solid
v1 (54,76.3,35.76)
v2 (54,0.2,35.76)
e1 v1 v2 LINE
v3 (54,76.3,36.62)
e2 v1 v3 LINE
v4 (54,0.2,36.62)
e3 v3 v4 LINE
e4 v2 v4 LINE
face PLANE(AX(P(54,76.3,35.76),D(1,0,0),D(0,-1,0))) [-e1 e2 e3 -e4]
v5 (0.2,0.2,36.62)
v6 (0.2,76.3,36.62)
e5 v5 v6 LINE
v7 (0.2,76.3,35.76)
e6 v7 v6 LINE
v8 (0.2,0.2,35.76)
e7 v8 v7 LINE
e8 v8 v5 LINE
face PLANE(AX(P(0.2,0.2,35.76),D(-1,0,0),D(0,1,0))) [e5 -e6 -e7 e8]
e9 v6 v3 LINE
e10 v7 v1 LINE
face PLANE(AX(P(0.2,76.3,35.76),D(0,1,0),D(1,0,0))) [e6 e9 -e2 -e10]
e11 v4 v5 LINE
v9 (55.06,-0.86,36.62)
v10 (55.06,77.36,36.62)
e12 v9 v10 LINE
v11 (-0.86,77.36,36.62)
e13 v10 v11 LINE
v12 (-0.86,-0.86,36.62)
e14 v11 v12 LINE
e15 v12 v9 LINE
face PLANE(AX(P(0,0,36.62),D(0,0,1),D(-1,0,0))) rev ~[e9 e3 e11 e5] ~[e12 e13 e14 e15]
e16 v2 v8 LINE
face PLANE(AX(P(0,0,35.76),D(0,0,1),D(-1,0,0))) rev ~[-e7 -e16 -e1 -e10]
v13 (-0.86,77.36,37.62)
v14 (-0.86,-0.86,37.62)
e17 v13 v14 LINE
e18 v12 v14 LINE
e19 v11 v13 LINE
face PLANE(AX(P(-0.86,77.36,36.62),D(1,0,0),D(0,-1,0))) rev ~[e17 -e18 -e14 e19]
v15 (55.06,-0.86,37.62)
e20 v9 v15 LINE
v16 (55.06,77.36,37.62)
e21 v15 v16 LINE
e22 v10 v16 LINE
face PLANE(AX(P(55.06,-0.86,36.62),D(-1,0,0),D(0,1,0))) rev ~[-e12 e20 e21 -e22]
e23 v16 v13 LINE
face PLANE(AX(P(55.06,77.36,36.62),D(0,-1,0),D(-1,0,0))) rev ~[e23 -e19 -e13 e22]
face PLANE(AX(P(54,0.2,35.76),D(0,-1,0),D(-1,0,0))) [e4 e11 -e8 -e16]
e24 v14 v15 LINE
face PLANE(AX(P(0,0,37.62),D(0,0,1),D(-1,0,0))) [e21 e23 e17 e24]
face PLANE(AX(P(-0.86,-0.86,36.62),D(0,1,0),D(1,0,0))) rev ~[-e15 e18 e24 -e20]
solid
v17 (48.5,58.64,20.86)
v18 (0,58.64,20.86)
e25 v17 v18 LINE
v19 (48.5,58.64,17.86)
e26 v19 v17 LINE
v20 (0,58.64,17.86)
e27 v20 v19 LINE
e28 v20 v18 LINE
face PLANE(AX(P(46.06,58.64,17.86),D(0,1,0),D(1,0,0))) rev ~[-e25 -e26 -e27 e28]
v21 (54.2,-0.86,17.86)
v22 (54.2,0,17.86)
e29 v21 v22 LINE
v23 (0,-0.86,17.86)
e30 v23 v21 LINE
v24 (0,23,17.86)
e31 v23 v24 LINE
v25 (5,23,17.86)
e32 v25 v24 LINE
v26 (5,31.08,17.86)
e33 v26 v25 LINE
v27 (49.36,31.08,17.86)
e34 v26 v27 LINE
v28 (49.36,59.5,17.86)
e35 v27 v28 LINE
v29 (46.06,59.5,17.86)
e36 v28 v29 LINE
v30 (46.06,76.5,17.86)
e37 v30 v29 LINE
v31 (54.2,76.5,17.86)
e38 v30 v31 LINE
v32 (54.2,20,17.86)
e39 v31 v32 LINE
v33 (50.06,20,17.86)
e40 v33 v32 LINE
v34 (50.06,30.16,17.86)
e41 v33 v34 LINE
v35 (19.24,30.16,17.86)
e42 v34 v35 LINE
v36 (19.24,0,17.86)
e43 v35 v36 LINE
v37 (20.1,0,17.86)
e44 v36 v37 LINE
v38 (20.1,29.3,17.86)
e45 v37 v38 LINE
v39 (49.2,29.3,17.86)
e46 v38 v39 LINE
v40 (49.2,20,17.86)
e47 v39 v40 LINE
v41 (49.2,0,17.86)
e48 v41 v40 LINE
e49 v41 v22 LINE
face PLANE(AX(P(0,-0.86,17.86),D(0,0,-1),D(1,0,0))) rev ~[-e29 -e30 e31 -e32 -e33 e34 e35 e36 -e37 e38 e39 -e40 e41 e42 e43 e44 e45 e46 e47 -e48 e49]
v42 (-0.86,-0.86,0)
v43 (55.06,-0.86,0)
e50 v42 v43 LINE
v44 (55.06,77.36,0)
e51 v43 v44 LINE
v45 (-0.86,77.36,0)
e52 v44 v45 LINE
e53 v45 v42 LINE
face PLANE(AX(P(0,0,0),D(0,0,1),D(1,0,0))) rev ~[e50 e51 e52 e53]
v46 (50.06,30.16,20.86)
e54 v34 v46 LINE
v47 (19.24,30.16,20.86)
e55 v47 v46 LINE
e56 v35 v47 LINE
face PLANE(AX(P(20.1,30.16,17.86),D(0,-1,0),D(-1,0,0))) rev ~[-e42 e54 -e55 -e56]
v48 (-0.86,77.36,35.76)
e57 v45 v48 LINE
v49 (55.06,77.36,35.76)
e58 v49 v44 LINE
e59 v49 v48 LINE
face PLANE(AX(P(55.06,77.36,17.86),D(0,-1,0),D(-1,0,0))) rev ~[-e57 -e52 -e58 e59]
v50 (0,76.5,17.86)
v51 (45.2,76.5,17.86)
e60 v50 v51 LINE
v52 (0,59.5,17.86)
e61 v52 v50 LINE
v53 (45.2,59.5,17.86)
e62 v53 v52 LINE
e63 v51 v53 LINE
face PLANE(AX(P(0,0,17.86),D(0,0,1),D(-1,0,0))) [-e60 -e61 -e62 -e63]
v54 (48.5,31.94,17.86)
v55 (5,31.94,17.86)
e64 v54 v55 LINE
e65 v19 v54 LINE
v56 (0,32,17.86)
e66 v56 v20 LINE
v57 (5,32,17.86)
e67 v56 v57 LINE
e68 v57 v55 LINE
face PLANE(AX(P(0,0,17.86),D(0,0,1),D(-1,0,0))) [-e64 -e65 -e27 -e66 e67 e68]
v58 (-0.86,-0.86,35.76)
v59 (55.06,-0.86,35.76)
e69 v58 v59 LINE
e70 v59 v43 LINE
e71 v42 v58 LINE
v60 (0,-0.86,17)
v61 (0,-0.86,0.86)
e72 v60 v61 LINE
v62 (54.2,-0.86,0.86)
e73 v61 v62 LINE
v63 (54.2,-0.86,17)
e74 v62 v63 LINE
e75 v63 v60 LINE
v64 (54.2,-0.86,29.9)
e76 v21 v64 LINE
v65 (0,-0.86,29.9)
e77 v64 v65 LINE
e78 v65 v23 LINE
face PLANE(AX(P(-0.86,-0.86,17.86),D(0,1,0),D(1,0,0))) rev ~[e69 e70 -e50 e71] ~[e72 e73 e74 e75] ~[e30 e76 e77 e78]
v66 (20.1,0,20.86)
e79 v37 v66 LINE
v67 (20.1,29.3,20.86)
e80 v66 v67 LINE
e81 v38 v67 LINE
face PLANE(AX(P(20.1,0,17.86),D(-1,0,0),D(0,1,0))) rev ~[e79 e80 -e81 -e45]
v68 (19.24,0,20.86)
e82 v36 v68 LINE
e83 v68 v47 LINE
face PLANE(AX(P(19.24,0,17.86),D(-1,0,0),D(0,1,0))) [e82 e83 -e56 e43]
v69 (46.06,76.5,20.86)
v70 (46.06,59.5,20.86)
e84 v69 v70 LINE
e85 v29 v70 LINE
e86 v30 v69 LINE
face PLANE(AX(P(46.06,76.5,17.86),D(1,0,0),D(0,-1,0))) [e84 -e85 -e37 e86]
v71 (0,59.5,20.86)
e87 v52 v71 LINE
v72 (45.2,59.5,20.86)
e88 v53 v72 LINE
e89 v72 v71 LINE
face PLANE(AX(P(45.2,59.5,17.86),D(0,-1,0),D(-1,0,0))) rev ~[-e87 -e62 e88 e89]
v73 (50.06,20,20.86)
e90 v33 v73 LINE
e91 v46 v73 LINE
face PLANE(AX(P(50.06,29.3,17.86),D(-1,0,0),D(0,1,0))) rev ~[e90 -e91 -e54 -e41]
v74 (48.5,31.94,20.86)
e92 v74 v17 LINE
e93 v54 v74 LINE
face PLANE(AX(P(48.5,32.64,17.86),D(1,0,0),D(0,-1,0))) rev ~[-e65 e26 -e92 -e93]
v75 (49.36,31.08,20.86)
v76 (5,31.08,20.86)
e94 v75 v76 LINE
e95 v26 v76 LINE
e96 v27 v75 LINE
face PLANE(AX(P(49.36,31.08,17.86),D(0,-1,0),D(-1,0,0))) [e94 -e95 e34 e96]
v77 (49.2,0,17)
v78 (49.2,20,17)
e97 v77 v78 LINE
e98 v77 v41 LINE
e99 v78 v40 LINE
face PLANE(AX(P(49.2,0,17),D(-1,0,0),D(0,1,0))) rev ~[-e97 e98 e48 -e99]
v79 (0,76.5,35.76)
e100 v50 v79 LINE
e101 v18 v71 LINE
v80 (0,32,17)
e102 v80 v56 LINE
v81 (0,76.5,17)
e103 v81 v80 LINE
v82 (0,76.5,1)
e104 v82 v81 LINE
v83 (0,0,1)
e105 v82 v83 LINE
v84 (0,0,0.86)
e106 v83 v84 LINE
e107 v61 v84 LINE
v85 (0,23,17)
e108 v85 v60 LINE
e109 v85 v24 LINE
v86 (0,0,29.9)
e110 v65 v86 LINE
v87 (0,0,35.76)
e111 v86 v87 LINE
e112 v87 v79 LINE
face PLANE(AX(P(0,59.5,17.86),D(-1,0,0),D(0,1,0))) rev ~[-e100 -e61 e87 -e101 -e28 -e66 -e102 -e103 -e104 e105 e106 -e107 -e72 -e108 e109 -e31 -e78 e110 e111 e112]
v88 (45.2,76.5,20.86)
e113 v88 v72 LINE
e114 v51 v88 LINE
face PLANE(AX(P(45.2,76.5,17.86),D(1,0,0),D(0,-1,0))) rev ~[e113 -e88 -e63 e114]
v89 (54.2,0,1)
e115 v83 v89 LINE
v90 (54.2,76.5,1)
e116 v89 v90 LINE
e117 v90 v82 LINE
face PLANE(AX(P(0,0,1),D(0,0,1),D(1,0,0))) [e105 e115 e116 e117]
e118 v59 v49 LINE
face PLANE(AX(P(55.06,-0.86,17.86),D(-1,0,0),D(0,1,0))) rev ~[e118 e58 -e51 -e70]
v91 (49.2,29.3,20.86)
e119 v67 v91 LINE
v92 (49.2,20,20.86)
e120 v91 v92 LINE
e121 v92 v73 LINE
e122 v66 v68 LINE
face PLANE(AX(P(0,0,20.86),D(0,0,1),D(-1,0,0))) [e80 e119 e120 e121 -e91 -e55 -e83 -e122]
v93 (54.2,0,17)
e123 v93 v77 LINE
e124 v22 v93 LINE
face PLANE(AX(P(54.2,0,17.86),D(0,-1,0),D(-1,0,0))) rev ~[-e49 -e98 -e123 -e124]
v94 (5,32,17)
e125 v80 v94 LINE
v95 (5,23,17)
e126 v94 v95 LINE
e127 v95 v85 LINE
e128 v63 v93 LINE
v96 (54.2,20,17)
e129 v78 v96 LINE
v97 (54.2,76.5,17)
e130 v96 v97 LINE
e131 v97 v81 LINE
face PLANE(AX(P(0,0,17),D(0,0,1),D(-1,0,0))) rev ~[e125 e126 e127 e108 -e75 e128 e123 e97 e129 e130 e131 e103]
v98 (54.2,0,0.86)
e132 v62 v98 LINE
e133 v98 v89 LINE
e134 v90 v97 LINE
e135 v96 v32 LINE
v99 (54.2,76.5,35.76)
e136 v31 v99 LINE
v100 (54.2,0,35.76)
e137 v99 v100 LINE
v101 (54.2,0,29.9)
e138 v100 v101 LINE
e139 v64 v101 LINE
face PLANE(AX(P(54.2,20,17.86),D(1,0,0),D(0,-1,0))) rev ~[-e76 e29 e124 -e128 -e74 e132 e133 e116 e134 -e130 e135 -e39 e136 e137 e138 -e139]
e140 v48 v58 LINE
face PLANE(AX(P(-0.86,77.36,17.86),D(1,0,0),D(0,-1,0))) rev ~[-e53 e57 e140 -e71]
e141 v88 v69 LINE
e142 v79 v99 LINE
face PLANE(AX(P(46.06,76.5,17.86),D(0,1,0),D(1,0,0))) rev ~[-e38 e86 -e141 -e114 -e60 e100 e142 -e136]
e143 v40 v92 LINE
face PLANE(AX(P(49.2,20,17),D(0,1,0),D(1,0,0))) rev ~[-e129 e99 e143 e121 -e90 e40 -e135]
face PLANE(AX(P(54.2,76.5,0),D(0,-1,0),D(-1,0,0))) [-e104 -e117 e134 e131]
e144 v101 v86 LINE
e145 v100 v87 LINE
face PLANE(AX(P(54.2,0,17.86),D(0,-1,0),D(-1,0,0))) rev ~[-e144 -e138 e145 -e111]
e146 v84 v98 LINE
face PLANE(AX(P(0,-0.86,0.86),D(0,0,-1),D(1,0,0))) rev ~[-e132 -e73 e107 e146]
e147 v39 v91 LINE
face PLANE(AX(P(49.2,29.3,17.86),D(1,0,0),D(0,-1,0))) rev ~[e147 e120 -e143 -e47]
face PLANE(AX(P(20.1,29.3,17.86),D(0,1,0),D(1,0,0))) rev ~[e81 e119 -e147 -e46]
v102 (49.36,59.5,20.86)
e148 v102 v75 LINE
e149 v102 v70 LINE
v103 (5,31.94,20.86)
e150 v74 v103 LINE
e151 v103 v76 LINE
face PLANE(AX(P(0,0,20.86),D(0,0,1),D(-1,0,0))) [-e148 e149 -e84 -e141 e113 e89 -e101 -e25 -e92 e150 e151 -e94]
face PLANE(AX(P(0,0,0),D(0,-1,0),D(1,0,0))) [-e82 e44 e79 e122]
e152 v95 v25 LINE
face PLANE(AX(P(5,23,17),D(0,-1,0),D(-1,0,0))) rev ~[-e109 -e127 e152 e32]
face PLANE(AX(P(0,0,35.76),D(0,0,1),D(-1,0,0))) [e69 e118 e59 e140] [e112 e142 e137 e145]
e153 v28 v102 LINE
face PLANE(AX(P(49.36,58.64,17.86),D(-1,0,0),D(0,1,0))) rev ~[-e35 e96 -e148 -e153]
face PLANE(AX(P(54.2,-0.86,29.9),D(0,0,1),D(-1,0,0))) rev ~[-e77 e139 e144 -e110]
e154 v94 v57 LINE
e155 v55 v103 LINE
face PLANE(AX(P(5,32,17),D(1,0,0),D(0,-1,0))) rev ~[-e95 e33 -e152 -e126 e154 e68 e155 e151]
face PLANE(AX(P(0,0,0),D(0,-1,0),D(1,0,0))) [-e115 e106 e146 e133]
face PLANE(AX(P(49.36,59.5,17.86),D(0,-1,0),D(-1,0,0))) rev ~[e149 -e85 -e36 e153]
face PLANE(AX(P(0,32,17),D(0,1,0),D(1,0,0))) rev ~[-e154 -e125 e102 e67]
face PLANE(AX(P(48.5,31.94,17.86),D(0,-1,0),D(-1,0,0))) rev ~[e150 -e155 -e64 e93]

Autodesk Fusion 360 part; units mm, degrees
sketch "Sketch1" plane through (0, 0, 0) normal (0, 0, 1) x (1, 0, 0)
  line L0 (0, 0) -> (54.2, 0)
  line L1 (54.2, 0) -> (54.2, 76.5)
  line L2 (54.2, 76.5) -> (0, 76.5)
  line L3 (0, 76.5) -> (0, 0)
  line L4 (-0.86, -0.86) -> (55.06, -0.86)
  line L5 (55.06, -0.86) -> (55.06, 77.36)
  line L6 (55.06, 77.36) -> (-0.86, 77.36)
  line L7 (-0.86, 77.36) -> (-0.86, -0.86)
  dimension "d1" = 54.2
  dimension "d2" = 76.5
  dimension "d5" = 0.86
extrude "Extrude2" add sketch "Sketch1" along normal blind 17 makes body 1
extrude "Extrude3" add sketch "Sketch1" along normal blind 1 contours L0 L1 L2 L3 bodies 1
sketch "Sketch2" plane through (0, 0, 17) normal (0, 0, 1) x (-1, 0, 0)
  line L0 (0, 0) -> (0, -76.5)
  line L1 (0, -76.5) -> (-54.2, -76.5)
  line L2 (-54.2, -76.5) -> (-54.2, 0)
  line L3 (-54.2, 0) -> (0, 0)
  line L4 (0.86, -77.36) -> (0.86, 0.86)
  line L5 (0.86, 0.86) -> (-55.06, 0.86)
  line L6 (-55.06, 0.86) -> (-55.06, -77.36)
  line L7 (-55.06, -77.36) -> (0.86, -77.36)
  line L8 (0.86, 0.86) -> (-55.06, 0.86)
  line L9 (-55.06, 0.86) -> (-55.06, -77.36)
  line L10 (-55.06, -77.36) -> (0.86, -77.36)
  line L11 (0.86, -77.36) -> (0.86, 0.86)
  line L12 (0, 0) -> (-54.2, 0)
  line L13 (-54.2, 0) -> (-54.2, -76.5)
  line L14 (-54.2, -76.5) -> (0, -76.5)
  line L15 (0, -76.5) -> (0, 0)
  line L16 (0, 0) -> (-5, 0)
  line L17 (-5, -23) -> (0, -23)
  line L18 (0, -23) -> (0, 0)
  line L19 (-5, -23) -> (0, -23)
  line L20 (0, -23) -> (0, -32)
  line L21 (0, -32) -> (-5, -32)
  line L22 (-5, -32) -> (-5, -23)
  line L23 (-54.2, 0) -> (-49.2, 0)
  line L24 (-49.2, 0) -> (-49.2, -20)
  line L25 (-49.2, -20) -> (-54.2, -20)
  line L26 (-54.2, -20) -> (-54.2, 0)
  dimension "d10" = -0.86
  dimension "d11" = 5
  dimension "d12" = 23
  dimension "d13" = 9
  dimension "d14" = 5
  dimension "d15" = 20
extrude "Extrude4" add sketch "Sketch2" along normal blind 0.86 separate body contours L0 L1 L2 L3 L12 L13 L14 L15 L16 L17 L18 L19 L21 L22 L24 L25 makes body 2
extrude "Extrude5" add 1 faces at (-0.5733, 51, 17) along direction (0, 0, 1) blind 0.86 on bodies 1 bodies 1 2
sketch "Sketch3" plane through (0, -0.86, 0) normal (0, -1, 0) x (1, 0, 0)
  line L0 (-0.86, 0) -> (55.06, 0)
  line L1 (55.06, 0) -> (55.06, 17.86)
  line L2 (55.06, 17.86) -> (-0.86, 17.86)
  line L3 (-0.86, 17.86) -> (-0.86, 0)
  line L4 (-0.86, 0) -> (55.06, 0)
  line L5 (55.06, 0) -> (55.06, 17.86)
  line L6 (55.06, 17.86) -> (-0.86, 17.86)
  line L7 (-0.86, 17.86) -> (-0.86, 0)
  line L8 (0, 0.86) -> (54.2, 0.86)
  line L9 (54.2, 0.86) -> (54.2, 17)
  line L10 (54.2, 17) -> (0, 17)
  line L11 (0, 17) -> (0, 0.86)
  dimension "d20" = -0.86
extrude "Extrude6" cut sketch "Sketch3" against normal blind 0.86 contours L8 L9 L10 L11 bodies 1
sketch "Sketch12" plane through (0, 0, 17.86) normal (0, 0, 1) x (-1, 0, 0)
  line L0 (-49.2, 0) -> (-49.2, -20)
  line L1 (-49.2, -20) -> (-54.2, -20)
  line L2 (-54.2, -20) -> (-54.2, 0)
  line L3 (-54.2, 0) -> (-49.2, 0)
  line L4 (0.86, -77.36) -> (0.86, 0.86)
  line L5 (0.86, 0.86) -> (-55.06, 0.86)
  line L6 (-55.06, 0.86) -> (-55.06, -77.36)
  line L7 (-55.06, -77.36) -> (0.86, -77.36)
  line L8 (0, -23) -> (0, -32)
  line L9 (0, -32) -> (-5, -32)
  line L10 (-5, -32) -> (-5, -23)
  line L11 (-5, -23) -> (0, -23)
  line L12 (0.86, -77.36) -> (-55.06, -77.36)
  line L13 (-55.06, -77.36) -> (-55.06, 0.86)
  line L14 (0.86, 0.86) -> (0.86, -77.36)
  line L15 (-54.2, 0) -> (0, 0)
  line L16 (0, 0) -> (0, -76.5)
  line L17 (0, -76.5) -> (-54.2, -76.5)
  line L18 (-54.2, -76.5) -> (-54.2, 0)
  line L19 (0, -76.5) -> (-45.2, -76.5)
  line L20 (-45.2, -76.5) -> (-45.2, -59.5)
  line L21 (-45.2, -59.5) -> (0, -59.5)
  line L22 (0, -59.5) -> (0, -76.5)
  line L23 (-46.06, -76.5) -> (-46.06, -59.5)
  line L24 (-45.2, -58.64) -> (0, -58.64)
  line L25 (-45.2, -58.64) -> (-46.06, -58.64)
  line L26 (0, -58.64) -> (-48.5, -58.64)
  line L27 (-48.5, -58.64) -> (-48.5, -32.64)
  line L28 (0, -32.64) -> (0, -58.64)
  line L29 (0, -58.64) -> (-48.5, -58.64)
  line L30 (-48.5, -58.64) -> (-48.5, -31.94)
  line L31 (-48.5, -31.94) -> (0, -31.94)
  line L32 (0, -31.94) -> (0, -58.64)
  line L33 (-49.36, -58.64) -> (-49.36, -32.64)
  line L34 (-48.5, -31.08) -> (-5, -31.08)
  line L35 (-49.36, -32.64) -> (-49.36, -31.08)
  line L36 (-49.36, -31.08) -> (-48.5, -31.08)
  line L37 (-49.36, -58.64) -> (-49.36, -59.5)
  line L38 (-49.36, -59.5) -> (-46.06, -59.5)
  line L39 (-49.2, 0) -> (-20.1, 0)
  line L40 (-20.1, 0) -> (-20.1, -29.3)
  line L41 (-20.1, -29.3) -> (-49.2, -29.3)
  line L42 (-49.2, -29.3) -> (-49.2, 0)
  line L43 (-20.1, -30.16) -> (-49.2, -30.16)
  line L44 (-19.24, 0) -> (-19.24, -29.3)
  line L45 (-50.06, -29.3) -> (-50.06, -20)
  line L46 (-50.06, -29.3) -> (-50.06, -30.16)
  line L47 (-50.06, -30.16) -> (-49.2, -30.16)
  line L48 (-20.1, -30.16) -> (-19.24, -30.16)
  line L49 (-19.24, -30.16) -> (-19.24, -29.3)
  dimension "d40" = 0.86
  dimension "d41" = 45.2
  dimension "d42" = 17
  dimension "d43" = -0.86
  dimension "d44" = -0.86
  dimension "d45" = 48.5
  dimension "d47" = 48.5
  dimension "d52" = -0.86
  dimension "d53" = -0.86
  dimension "d54" = 29.1
  dimension "d55" = 29.3
  dimension "d56" = -0.86
  dimension "d57" = -0.86
  dimension "d58" = -0.86
extrude "Extrude10" add sketch "Sketch12" along normal blind 17.9 bodies 1
extrude "Extrude11" add sketch "Sketch12" along normal blind 3 contours L1 L15 L40 L41 L42 L43 L44 L45 L46 L47 L48 L49 | L10 L16 L17 L20 L21 L23 L24 L25 L26 L27 L29 L30 L31 L33 L34 L35 L36 L37 L38 bodies 1
sketch "Sketch13" plane through (0, -0.86, 0) normal (0, -1, 0) x (1, 0, 0)
  line L0 (54.2, 0.86) -> (0, 0.86)
  line L1 (0, 0.86) -> (0, 17)
  line L2 (0, 17) -> (54.2, 17)
  line L3 (54.2, 17) -> (54.2, 0.86)
  line L4 (-0.86, 0) -> (55.06, 0)
  line L5 (55.06, 0) -> (55.06, 35.76)
  line L6 (55.06, 35.76) -> (-0.86, 35.76)
  line L7 (-0.86, 35.76) -> (-0.86, 0)
  line L8 (54.2, 17) -> (54.2, 29.9)
  line L9 (54.2, 35.76) -> (0, 35.76)
  line L10 (0, 29.9) -> (0, 17)
  line L11 (54.2, 29.9) -> (0, 29.9)
  line L12 (0, 17) -> (54.2, 17)
  line L13 (0, 17.86) -> (54.2, 17.86)
  dimension "d65" = -0.86
extrude "Extrude12" cut sketch "Sketch13" against normal blind 0.86 contours L8 L10 L11 L13 bodies 1
sketch "Sketch14" plane through (0, 0, 35.76) normal (0, 0, 1) x (-1, 0, 0)
  line L0 (-54.2, 0) -> (0, 0)
  line L1 (0, 0) -> (0, -76.5)
  line L2 (0, -76.5) -> (-54.2, -76.5)
  line L3 (-54.2, -76.5) -> (-54.2, 0)
  line L4 (0.86, 0.86) -> (-55.06, 0.86)
  line L5 (-55.06, 0.86) -> (-55.06, -77.36)
  line L6 (-55.06, -77.36) -> (0.86, -77.36)
  line L7 (0.86, -77.36) -> (0.86, 0.86)
  line L8 (0, -76.5) -> (-54.2, -76.5)
  line L9 (-54.2, -76.5) -> (-54.2, 0)
  line L10 (-54.2, 0) -> (0, 0)
  line L11 (0, 0) -> (0, -76.5)
  line L12 (-0.2, -76.3) -> (-54, -76.3)
  line L13 (-54, -76.3) -> (-54, -0.2)
  line L14 (-54, -0.2) -> (-0.2, -0.2)
  line L15 (-0.2, -0.2) -> (-0.2, -76.3)
  dimension "d68" = 0.2
extrude "Extrude13" add sketch "Sketch14" along normal blind 0.86 separate body contours L12 L13 L14 L15 makes body 3
sketch "Sketch15" plane through (0, 0, 36.62) normal (0, 0, 1) x (-1, 0, 0)
  line L0 (-0.2, -0.2) -> (-54, -0.2)
  line L1 (-54, -0.2) -> (-54, -76.3)
  line L2 (-54, -76.3) -> (-0.2, -76.3)
  line L3 (-0.2, -76.3) -> (-0.2, -0.2)
  line L4 (-55.06, -77.36) -> (0.86, -77.36)
  line L5 (0.86, -77.36) -> (0.86, 0.86)
  line L6 (0.86, 0.86) -> (-55.06, 0.86)
  line L7 (-55.06, 0.86) -> (-55.06, -77.36)
  dimension "d71" = 1.06
extrude "Extrude14" add sketch "Sketch15" along normal blind 1 contours L0 L1 L2 L3 | L4 L5 L6 L7 bodies 3
equation "d71 = 0.86 mm + 0.2 mm"
